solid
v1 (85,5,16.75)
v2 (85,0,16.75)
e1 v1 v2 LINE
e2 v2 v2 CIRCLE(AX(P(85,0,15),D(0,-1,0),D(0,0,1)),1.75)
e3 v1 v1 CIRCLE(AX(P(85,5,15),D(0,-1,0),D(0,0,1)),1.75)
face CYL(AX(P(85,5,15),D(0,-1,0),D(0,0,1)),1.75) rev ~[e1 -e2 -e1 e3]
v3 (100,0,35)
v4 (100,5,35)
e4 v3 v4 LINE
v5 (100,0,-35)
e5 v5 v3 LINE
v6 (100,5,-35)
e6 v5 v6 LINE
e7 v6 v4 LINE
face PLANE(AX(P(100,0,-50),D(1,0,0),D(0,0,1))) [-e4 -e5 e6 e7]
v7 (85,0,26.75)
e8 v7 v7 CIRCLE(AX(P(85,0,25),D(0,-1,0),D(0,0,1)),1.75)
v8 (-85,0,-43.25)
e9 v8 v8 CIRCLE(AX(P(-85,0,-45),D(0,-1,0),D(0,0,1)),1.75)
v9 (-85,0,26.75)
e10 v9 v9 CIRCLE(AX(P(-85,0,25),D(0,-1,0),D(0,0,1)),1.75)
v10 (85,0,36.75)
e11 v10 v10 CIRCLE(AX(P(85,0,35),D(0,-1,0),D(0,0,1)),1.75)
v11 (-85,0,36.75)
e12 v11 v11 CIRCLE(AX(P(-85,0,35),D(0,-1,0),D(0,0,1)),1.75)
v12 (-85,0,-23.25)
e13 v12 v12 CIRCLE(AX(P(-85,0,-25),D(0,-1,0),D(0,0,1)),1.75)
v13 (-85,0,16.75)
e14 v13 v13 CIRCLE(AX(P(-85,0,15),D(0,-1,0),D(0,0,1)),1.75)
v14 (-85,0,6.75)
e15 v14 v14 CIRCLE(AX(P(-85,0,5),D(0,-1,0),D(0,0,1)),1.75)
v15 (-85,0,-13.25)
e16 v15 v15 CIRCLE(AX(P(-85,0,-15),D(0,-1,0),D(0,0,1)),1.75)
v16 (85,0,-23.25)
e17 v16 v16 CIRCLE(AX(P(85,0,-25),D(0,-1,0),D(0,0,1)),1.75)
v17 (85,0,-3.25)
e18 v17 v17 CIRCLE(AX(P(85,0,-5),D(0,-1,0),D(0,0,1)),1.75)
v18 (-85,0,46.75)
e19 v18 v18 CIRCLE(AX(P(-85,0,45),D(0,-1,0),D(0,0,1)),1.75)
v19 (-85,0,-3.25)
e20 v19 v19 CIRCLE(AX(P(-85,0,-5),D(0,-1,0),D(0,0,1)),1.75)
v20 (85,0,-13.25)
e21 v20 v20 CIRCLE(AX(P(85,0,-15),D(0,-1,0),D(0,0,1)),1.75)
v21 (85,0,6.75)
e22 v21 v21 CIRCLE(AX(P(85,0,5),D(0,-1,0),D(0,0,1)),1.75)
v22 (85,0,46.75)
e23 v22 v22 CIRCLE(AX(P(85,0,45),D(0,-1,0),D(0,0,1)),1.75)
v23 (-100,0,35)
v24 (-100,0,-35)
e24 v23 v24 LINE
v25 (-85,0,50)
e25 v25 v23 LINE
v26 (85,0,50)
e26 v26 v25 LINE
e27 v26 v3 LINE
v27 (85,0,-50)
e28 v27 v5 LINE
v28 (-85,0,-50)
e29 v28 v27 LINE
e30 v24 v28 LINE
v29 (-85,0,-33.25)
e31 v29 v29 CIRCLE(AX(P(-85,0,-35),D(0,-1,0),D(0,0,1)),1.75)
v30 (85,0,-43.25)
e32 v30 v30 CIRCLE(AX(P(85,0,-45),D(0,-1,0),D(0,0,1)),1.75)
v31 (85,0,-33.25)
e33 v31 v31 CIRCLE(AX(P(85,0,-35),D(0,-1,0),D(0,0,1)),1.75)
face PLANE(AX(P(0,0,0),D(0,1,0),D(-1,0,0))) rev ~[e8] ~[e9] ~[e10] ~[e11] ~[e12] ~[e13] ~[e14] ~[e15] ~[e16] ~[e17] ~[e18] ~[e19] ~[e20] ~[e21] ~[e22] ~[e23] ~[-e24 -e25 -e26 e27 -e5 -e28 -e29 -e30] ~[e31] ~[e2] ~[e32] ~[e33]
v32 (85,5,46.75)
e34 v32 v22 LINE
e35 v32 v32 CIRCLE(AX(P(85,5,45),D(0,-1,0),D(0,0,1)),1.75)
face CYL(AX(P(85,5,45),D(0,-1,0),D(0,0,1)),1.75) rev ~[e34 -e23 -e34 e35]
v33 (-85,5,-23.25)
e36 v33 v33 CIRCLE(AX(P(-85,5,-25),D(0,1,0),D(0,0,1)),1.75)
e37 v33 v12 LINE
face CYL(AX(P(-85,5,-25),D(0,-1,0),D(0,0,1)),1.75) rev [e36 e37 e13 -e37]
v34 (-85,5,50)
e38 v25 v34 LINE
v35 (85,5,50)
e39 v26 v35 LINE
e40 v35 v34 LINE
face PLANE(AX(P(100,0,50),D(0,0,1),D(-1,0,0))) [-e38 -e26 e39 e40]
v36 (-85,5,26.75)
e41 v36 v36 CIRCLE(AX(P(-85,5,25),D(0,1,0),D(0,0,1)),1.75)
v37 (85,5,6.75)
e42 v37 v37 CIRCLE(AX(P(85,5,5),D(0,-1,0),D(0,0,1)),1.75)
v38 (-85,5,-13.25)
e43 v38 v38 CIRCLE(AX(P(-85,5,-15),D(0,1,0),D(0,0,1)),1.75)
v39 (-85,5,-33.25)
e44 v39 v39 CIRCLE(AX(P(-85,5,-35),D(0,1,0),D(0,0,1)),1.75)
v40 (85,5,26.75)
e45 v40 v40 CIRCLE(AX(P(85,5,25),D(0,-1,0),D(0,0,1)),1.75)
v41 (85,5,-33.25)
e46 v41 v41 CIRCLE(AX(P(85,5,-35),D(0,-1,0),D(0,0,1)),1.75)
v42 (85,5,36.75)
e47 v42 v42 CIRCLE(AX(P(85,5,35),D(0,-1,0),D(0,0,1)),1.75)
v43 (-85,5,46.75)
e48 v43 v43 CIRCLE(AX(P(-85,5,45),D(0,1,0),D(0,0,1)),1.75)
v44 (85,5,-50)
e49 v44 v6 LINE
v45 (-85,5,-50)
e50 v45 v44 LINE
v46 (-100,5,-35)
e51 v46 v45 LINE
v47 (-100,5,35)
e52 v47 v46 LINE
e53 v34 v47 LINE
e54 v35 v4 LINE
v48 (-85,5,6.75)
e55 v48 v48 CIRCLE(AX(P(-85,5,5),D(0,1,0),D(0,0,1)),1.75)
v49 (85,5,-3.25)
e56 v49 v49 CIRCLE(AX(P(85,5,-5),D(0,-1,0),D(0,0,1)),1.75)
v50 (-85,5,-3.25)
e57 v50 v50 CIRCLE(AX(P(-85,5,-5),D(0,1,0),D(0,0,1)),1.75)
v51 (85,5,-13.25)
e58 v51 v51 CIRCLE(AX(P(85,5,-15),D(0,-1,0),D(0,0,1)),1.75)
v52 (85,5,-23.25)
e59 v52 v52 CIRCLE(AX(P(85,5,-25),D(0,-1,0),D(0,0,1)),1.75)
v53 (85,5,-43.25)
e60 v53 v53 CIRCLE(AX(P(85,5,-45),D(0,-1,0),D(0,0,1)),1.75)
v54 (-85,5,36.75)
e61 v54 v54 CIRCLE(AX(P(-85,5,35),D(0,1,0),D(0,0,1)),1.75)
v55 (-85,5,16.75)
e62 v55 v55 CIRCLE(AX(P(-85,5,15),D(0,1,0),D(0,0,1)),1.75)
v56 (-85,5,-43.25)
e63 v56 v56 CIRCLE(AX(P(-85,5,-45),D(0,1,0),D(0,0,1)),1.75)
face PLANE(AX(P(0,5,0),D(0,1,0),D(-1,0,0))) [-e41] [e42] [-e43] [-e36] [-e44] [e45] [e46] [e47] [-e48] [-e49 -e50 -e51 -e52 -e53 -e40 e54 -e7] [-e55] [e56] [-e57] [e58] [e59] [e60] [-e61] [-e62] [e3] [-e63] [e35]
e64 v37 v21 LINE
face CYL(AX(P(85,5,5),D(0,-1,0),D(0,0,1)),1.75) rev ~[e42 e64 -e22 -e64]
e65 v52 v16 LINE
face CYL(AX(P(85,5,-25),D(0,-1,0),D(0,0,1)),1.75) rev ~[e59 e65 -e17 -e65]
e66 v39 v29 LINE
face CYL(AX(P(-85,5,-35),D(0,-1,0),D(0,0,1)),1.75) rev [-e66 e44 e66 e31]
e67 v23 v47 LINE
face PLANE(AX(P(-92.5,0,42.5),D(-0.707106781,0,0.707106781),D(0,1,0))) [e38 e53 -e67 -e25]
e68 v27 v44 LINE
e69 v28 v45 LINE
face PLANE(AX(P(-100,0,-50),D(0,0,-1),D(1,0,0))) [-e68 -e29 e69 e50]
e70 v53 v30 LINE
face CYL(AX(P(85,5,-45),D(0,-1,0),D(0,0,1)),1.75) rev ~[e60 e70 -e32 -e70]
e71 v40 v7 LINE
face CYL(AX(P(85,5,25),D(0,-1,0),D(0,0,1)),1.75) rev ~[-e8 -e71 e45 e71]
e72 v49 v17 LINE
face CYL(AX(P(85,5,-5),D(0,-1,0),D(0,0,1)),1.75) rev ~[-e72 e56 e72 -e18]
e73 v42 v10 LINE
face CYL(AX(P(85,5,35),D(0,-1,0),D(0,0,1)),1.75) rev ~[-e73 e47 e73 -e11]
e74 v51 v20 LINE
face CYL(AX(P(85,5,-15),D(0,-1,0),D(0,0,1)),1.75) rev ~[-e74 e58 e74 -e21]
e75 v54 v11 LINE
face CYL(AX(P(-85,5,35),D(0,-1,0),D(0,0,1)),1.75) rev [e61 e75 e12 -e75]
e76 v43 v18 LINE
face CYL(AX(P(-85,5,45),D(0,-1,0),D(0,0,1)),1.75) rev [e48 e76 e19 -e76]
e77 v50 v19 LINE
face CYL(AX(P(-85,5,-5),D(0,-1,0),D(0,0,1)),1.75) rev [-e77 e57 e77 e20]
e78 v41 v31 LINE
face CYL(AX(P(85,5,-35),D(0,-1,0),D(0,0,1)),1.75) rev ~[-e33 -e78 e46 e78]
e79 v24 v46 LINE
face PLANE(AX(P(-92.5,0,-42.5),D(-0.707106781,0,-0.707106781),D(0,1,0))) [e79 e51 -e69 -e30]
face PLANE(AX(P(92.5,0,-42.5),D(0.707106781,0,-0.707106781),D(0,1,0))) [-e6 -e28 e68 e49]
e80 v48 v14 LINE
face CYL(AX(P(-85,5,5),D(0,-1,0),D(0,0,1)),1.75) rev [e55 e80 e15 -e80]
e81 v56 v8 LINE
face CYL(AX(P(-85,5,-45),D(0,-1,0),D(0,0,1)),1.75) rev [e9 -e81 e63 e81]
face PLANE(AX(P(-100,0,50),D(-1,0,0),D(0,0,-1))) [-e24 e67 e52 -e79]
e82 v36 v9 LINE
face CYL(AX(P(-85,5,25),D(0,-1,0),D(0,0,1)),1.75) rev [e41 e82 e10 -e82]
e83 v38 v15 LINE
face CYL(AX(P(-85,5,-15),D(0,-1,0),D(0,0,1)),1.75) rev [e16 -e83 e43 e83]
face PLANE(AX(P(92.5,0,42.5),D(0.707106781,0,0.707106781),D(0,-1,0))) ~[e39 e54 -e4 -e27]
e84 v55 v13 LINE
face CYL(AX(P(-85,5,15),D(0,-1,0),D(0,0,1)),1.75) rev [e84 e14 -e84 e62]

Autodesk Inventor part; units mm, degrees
ref_plane "YZ Plane" through (0, 0, 0) normal (1, 0, 0) x (0, 1, 0)
ref_plane "XZ Plane" through (0, 0, 0) normal (0, 1, 0) x (-1, 0, 0)
ref_plane "XY Plane" through (0, 0, 0) normal (0, 0, 1) x (1, 0, 0)
sketch "Sketch1" plane through (0, 0, 0) normal (0, 1, 0) x (-1, 0, 0)
  line L0 (-100, 50) -> (100, 50)
  line L1 (100, 50) -> (100, -50)
  line L2 (100, -50) -> (-100, -50)
  line L3 (-100, -50) -> (-100, 50)
  line L4 (-100, 50) -> (100, -50) construction
  line L5 (100, 50) -> (-100, -50) construction
  point P0 (0, 0)
  dimension "d0" = 200
  dimension "d1" = 100
extrude "Extrusion1" add sketch "Sketch1" along normal blind 5
chamfer "Chamfer1" distance 15 angle 45 4 edges at (100, 2.5, -50) (100, 2.5, 50) (-100, 2.5, 50) (-100, 2.5, -50)
sketch "Sketch2" plane through (0, 5, 0) normal (0, 1, 0) x (1, 0, 0)
  line L0 (-85, -50) -> (85, -50) projected
  line L1 (85, 50) -> (85, -50)
  line L2 (85, 0) -> (0, 0)
  line L3 (85, 50) -> (-85, 50) projected
  line L4 (85, 0) -> (75, 0)
  line L5 (75, 0) -> (75, 50)
  line L6 (85, -50) -> (85, -45)
  line L7 (85, -45) -> (87.1749, -45)
  dimension "d7" = 10
  dimension "d15" = 5
hole "Hole2" at (85, 5, 45) direction (0, -1, 0) diameter 3.5 depth 12
pattern_linear "Rectangular Pattern1" count 10 spacing 10 along (0, 0, -1) of "Hole2"
mirror "Mirror1" about plane through (0, 0, 0) normal (1, 0, 0) of "Hole2", "Rectangular Pattern1"
properties part number "Chasis2"
